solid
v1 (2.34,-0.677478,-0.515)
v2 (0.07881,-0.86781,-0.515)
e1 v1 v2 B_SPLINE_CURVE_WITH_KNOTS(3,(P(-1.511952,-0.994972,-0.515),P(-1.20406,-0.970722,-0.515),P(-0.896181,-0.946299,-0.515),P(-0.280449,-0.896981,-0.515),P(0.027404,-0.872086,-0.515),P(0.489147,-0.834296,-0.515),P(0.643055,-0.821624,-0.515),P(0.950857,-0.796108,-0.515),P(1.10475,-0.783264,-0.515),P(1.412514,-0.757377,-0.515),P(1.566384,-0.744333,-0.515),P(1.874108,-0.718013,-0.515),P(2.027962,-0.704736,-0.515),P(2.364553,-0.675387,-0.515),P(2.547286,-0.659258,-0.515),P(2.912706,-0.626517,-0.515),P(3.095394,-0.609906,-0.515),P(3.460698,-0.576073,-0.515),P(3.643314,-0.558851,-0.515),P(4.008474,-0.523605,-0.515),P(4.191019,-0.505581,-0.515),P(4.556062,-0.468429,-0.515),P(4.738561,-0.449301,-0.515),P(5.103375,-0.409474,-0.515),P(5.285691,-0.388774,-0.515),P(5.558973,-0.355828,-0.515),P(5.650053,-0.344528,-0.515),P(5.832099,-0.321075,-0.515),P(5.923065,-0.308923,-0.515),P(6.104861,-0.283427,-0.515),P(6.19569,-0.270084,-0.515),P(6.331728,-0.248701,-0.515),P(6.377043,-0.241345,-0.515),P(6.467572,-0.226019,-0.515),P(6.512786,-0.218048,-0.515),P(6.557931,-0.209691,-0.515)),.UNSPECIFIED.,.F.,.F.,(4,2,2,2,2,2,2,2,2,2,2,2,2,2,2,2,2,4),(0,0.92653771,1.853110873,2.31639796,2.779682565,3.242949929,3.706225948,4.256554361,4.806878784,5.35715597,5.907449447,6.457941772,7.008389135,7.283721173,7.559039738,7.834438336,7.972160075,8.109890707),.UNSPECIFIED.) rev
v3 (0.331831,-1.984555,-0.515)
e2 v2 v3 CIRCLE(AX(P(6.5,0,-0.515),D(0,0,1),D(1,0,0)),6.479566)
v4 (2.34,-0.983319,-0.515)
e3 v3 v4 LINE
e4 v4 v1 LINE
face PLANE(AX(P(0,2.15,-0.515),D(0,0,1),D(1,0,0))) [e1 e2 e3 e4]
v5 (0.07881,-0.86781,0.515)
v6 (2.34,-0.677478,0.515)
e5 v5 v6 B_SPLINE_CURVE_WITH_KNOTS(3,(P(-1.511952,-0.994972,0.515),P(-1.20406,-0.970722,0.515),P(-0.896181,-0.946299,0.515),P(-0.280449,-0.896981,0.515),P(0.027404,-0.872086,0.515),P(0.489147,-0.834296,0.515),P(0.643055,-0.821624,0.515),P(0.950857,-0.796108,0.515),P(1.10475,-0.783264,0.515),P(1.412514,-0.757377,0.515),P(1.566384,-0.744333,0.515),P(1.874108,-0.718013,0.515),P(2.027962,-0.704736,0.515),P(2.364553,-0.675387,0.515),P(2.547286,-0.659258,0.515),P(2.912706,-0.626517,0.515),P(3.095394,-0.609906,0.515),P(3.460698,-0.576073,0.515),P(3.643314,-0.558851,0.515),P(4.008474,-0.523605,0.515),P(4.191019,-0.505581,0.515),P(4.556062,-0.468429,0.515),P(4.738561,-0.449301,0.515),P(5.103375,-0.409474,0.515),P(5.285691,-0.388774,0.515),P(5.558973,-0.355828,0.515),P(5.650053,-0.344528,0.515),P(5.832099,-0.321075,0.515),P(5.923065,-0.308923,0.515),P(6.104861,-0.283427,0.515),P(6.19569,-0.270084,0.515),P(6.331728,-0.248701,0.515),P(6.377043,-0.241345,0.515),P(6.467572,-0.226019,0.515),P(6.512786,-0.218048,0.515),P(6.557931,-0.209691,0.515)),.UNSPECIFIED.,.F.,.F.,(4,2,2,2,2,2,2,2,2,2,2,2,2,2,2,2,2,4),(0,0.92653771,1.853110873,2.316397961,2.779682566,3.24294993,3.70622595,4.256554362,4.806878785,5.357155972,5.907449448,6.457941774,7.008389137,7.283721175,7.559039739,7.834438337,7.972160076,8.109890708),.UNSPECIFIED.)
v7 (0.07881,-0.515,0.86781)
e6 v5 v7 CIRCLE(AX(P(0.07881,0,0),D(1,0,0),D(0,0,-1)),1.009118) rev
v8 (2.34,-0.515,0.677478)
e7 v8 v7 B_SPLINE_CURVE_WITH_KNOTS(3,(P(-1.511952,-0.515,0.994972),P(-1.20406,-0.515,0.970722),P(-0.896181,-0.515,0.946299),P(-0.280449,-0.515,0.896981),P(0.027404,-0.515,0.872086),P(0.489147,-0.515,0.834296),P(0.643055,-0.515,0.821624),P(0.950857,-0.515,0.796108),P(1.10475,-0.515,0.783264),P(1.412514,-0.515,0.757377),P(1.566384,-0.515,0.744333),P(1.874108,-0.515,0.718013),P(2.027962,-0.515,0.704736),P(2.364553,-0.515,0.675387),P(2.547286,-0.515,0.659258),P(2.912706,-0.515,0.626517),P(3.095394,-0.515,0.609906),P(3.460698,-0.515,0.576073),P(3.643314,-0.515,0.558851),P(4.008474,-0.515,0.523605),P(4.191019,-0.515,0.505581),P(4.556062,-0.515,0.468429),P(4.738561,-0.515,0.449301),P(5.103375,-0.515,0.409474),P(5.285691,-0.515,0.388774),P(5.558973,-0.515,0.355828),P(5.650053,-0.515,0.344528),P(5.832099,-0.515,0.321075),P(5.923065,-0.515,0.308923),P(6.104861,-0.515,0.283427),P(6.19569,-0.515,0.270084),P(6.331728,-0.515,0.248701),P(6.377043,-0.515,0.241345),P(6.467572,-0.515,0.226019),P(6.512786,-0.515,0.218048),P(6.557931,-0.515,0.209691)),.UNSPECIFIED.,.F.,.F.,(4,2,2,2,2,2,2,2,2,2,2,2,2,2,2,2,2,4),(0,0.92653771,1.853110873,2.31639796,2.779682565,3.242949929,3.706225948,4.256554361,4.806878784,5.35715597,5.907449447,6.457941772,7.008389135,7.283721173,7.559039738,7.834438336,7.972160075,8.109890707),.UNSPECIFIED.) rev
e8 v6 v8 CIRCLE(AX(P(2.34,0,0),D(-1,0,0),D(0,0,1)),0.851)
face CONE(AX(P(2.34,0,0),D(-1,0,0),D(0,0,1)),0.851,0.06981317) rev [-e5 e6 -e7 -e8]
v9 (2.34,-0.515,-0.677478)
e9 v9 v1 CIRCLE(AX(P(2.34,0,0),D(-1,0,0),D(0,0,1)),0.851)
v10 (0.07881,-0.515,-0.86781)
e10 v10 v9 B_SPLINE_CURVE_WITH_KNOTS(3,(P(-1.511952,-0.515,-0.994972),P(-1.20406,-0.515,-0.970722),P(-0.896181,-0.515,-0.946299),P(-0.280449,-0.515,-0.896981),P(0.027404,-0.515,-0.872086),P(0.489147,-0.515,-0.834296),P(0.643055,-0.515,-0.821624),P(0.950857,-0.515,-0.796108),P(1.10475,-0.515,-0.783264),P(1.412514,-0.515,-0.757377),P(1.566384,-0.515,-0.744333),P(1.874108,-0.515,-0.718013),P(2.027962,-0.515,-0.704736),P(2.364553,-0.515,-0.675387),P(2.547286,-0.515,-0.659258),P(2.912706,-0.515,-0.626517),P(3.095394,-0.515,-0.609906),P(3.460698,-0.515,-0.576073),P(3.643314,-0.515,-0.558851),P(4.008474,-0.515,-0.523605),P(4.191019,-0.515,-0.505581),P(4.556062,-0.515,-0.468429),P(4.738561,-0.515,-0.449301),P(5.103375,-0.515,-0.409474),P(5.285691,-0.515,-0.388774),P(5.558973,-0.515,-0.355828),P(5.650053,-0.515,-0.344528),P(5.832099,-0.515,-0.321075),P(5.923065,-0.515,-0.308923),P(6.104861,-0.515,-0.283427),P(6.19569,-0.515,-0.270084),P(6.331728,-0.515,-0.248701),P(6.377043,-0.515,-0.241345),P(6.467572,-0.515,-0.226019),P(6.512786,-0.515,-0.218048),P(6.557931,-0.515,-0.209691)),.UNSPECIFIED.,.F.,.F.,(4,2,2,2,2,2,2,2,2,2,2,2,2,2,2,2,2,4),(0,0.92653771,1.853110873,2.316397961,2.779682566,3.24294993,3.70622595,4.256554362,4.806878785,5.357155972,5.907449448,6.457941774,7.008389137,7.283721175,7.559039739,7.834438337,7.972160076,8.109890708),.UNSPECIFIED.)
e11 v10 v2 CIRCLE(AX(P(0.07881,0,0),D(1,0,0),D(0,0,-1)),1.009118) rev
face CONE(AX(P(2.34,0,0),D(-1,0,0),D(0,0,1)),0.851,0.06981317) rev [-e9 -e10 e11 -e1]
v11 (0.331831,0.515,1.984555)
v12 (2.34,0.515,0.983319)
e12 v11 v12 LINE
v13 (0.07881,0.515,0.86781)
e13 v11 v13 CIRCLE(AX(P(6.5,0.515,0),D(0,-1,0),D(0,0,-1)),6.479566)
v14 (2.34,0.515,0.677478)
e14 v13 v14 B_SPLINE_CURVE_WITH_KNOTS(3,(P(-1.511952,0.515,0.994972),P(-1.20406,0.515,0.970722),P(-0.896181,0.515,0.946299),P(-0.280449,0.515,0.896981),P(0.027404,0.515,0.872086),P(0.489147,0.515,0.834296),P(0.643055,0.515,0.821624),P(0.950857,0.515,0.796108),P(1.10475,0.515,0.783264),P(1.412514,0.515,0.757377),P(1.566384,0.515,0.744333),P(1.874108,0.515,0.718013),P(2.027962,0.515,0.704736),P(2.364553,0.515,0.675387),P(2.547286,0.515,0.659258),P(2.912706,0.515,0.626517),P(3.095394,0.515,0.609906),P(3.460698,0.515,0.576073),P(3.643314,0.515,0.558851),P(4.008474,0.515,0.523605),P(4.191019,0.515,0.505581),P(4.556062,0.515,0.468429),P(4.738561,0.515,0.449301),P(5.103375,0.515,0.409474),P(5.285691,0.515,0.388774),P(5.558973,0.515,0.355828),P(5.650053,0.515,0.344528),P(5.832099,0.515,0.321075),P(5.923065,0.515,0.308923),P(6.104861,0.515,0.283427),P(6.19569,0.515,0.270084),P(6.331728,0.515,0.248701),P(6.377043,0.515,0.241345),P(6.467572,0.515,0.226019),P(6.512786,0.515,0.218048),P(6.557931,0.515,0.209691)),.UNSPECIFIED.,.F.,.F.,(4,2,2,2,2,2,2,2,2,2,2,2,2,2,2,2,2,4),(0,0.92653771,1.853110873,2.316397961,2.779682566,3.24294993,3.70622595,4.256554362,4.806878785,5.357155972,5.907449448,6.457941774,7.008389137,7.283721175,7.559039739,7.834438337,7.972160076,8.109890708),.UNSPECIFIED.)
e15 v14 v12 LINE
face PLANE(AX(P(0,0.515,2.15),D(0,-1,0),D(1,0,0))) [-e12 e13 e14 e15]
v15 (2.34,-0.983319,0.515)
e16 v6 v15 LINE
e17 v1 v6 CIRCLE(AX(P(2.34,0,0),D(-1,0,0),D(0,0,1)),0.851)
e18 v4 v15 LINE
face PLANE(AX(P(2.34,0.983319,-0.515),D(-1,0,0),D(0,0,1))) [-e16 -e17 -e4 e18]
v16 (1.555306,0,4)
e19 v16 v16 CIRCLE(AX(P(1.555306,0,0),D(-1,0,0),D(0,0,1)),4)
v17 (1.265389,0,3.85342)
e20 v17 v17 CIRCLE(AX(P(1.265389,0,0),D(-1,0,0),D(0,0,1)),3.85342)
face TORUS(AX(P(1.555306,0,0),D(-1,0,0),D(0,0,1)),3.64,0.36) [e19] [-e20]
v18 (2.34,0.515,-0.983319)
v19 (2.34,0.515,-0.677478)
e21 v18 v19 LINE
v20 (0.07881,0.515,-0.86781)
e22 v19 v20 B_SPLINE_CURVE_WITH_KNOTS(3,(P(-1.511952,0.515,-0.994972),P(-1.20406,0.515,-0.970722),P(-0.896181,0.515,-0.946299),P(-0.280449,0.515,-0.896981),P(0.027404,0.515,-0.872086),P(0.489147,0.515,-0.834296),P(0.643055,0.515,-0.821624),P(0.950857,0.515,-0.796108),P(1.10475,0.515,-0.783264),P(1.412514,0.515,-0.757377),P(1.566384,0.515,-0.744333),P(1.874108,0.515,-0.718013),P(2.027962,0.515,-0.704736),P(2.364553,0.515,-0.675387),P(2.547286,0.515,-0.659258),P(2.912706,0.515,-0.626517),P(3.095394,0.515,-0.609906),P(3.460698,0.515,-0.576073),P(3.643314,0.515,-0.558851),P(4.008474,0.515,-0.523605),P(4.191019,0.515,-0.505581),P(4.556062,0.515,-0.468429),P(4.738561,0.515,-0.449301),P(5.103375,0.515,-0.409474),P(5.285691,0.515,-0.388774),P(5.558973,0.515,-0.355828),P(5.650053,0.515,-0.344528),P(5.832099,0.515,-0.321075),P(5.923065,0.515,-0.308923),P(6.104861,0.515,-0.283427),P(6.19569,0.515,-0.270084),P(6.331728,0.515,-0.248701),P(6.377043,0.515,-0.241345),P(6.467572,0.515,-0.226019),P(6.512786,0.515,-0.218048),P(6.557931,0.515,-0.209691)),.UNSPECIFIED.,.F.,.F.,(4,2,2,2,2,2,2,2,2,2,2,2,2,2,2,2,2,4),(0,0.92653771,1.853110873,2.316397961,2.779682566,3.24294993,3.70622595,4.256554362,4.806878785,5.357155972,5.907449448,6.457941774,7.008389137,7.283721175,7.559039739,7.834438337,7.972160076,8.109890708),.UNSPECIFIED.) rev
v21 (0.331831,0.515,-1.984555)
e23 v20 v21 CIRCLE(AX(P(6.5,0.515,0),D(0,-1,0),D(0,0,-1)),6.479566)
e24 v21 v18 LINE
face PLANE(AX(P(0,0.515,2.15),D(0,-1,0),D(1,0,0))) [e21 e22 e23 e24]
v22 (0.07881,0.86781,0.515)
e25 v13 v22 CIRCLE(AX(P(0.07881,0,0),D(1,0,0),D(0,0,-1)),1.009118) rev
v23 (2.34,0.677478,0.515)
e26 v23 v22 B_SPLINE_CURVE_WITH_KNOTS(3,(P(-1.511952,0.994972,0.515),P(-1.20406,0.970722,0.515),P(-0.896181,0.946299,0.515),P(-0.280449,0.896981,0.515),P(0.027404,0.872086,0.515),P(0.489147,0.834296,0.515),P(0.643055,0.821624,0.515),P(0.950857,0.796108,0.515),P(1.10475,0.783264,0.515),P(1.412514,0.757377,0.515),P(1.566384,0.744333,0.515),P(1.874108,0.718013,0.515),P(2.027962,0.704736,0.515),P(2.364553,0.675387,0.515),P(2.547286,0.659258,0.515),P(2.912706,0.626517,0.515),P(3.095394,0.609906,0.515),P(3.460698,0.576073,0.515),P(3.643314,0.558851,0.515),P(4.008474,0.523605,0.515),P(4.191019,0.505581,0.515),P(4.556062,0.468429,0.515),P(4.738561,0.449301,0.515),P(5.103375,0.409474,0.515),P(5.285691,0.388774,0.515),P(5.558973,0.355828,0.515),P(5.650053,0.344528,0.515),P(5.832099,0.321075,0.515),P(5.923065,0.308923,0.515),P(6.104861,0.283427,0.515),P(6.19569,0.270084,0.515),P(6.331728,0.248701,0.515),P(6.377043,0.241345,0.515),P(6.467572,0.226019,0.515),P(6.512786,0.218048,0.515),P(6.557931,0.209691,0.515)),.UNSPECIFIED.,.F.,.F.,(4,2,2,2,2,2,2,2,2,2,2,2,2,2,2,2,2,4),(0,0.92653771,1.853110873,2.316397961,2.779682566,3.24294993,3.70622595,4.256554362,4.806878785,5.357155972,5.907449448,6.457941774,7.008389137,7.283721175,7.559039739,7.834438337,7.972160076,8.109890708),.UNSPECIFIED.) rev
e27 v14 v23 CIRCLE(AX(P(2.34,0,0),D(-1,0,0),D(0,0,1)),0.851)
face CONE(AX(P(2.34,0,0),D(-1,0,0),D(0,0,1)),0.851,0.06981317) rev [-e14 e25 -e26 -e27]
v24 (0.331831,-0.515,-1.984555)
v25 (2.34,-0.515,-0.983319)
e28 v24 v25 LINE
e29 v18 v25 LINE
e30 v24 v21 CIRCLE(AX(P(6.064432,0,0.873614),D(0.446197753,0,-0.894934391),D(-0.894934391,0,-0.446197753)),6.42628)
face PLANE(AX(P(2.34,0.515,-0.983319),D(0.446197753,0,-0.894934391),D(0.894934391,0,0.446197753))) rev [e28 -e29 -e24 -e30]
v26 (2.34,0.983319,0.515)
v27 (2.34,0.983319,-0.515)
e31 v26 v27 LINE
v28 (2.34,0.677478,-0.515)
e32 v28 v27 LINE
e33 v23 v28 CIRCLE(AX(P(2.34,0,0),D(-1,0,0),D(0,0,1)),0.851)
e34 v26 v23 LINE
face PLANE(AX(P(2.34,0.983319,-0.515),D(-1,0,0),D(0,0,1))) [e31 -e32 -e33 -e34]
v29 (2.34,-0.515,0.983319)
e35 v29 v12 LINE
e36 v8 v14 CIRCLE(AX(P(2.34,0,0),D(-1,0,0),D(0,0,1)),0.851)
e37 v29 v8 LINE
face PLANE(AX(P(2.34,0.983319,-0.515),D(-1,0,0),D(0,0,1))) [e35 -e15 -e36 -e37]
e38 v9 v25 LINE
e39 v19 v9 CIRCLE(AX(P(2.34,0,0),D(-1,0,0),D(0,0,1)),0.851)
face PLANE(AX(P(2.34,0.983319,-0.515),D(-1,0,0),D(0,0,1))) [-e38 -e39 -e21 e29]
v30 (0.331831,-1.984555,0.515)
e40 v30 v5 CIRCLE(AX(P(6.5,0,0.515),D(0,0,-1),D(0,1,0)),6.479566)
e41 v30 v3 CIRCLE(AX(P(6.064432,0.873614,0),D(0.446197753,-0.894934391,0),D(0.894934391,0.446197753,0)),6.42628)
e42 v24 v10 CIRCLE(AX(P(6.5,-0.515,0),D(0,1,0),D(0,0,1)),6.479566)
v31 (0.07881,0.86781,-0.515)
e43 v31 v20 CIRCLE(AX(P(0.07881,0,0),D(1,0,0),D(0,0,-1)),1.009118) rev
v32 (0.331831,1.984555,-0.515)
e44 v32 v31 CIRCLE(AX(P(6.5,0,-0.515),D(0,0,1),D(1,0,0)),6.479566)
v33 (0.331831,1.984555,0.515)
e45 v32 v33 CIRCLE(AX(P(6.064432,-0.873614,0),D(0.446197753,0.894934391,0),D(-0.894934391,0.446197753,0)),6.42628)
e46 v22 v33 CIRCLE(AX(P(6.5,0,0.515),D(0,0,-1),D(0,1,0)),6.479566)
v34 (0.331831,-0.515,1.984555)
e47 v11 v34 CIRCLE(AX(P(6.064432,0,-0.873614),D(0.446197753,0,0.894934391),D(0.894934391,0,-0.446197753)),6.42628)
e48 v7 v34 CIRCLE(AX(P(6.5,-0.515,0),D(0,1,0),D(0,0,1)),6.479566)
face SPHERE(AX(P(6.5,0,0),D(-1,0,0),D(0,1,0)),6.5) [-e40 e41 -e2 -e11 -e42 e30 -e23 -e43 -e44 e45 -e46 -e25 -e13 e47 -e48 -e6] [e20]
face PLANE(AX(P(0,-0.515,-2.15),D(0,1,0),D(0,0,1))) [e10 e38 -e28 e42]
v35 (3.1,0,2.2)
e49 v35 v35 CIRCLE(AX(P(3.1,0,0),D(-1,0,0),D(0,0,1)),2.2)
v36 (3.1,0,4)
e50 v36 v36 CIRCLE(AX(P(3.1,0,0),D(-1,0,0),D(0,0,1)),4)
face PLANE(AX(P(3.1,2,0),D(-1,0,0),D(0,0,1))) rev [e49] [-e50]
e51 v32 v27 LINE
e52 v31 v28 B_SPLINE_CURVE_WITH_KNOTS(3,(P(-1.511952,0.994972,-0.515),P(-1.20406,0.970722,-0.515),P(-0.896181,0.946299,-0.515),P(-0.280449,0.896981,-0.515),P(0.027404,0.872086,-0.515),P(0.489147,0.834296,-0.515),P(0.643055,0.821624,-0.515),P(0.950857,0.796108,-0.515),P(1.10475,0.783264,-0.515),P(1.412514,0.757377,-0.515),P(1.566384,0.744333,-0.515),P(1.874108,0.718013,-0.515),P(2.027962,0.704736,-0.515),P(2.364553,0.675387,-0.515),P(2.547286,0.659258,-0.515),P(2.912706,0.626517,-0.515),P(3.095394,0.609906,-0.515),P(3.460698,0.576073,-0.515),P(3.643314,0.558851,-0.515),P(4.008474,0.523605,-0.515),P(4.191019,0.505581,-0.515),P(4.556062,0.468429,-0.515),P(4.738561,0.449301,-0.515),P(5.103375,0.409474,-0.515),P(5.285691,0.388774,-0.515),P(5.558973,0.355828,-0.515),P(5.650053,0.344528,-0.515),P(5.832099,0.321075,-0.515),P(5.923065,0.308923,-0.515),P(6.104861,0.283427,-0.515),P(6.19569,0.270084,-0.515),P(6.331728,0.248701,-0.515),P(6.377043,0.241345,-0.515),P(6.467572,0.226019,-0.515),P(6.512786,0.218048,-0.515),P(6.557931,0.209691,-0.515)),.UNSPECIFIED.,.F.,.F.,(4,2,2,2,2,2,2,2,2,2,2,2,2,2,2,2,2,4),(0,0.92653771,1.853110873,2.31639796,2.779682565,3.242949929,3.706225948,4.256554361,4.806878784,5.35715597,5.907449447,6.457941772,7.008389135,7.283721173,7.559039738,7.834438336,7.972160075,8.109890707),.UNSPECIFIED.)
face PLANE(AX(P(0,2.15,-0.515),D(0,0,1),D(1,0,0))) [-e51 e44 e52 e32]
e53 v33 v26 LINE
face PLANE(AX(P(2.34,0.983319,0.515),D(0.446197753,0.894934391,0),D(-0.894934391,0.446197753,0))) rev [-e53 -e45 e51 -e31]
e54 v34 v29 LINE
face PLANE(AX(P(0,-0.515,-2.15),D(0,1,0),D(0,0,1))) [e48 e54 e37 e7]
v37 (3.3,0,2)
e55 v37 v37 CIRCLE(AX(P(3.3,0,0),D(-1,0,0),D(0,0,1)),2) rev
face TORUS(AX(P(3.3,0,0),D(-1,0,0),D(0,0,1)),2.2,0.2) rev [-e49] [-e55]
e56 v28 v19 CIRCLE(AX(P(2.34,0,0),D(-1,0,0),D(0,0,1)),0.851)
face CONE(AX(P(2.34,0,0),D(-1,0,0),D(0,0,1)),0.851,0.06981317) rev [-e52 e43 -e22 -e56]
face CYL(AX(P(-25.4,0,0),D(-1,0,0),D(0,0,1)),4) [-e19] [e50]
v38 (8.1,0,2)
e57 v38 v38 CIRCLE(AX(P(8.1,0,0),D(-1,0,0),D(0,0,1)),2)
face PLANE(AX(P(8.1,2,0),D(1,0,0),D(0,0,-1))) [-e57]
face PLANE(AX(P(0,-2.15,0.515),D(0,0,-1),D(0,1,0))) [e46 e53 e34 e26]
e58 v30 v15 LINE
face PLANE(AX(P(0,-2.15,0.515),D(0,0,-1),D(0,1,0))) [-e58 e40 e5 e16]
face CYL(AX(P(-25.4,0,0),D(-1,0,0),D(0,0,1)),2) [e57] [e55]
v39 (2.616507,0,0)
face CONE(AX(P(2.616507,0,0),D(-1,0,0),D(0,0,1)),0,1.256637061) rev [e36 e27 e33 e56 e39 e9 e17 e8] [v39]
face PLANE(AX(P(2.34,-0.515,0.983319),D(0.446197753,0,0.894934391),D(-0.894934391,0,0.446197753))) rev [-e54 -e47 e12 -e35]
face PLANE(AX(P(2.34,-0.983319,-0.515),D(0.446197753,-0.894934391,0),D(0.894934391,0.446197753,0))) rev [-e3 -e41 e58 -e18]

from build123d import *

# Parameters (mm, degrees)
FILLET1_R    = 0.2
RECPAT_COUNT = 2
RECPAT_ANGLE = 90


with BuildPart() as part:
    # BodySke → Base-Revolve (revolve)
    with BuildSketch(Plane.XY, mode=Mode.PRIVATE) as base_revolve_sk:
        with BuildLine():
            Line((3.1, 2), (3.1, 4))
            Line((3.1, 4), (1.555305874, 4))
            ThreePointArc((1.555305874, 4), (1.392873227, 3.961271902), (1.265388955, 3.853420195))
            ThreePointArc((1.265388955, 3.853420195), (0.324444487, 2.027933456), (0, 0))
            Line((0, 0), (8.1, 0))
            Line((8.1, 0), (8.1, 2))
            Line((8.1, 2), (3.1, 2))
        make_face()
    revolve(base_revolve_sk.sketch.rotate(Axis((1.555305874, 0, 0), (1, 0, 0)), 90), axis=Axis((1.555305874, 0, 0), (1, 0, 0)))

    # Fillet1
    fillet1_edges = [part.edges().sort_by_distance(p)[0] for p in [
        (3.1, 0, -2),
    ]]
    fillet(fillet1_edges, radius=FILLET1_R)

    # Sketch3 → Recess section 0
    with BuildSketch(Plane(origin=(0, 0, 0), x_dir=(0, 0, -1), z_dir=(1, 0, 0))):
        with BuildLine():
            Line((0.515, -2.15), (-0.515, -2.15))
            Line((-0.515, -2.15), (-0.515, 2.15))
            Line((-0.515, 2.15), (0.515, 2.15))
            Line((0.515, 2.15), (0.515, -2.15))
        make_face()
    # Sketch4 → Recess section 1
    with BuildSketch(Plane(origin=(2.34, 0, 0), x_dir=(0, 0, -1), z_dir=(1, 0, 0))):
        with BuildLine():
            Line((0.515, -0.983319232), (-0.515, -0.983319232))
            Line((-0.515, -0.983319232), (-0.515, 0.983319232))
            Line((-0.515, 0.983319232), (0.515, 0.983319232))
            Line((0.515, 0.983319232), (0.515, -0.983319232))
        make_face()
    recess = loft(mode=Mode.SUBTRACT)

    # RecPat: Recess ×2 about axis
    recpat_axis = Axis((0, 0, 0), (1, 0, 0))
    for i in range(1, RECPAT_COUNT):
        add(recess.rotate(recpat_axis, i * RECPAT_ANGLE / (RECPAT_COUNT - 1)), mode=Mode.SUBTRACT)

    # RecCorSke → RecessCore (revolve, cut)
    with BuildSketch(Plane.XY, mode=Mode.PRIVATE) as recesscore_sk:
        Polygon((0, 0), (0, 1.01462874), (2.34, 0.851), (2.616506661, 0), align=None)
    revolve(recesscore_sk.sketch.rotate(Axis((-3.175, 0, 0), (1, 0, 0)), 345.452408241), axis=Axis((-3.175, 0, 0), (1, 0, 0)), mode=Mode.SUBTRACT)


solid = part.part
